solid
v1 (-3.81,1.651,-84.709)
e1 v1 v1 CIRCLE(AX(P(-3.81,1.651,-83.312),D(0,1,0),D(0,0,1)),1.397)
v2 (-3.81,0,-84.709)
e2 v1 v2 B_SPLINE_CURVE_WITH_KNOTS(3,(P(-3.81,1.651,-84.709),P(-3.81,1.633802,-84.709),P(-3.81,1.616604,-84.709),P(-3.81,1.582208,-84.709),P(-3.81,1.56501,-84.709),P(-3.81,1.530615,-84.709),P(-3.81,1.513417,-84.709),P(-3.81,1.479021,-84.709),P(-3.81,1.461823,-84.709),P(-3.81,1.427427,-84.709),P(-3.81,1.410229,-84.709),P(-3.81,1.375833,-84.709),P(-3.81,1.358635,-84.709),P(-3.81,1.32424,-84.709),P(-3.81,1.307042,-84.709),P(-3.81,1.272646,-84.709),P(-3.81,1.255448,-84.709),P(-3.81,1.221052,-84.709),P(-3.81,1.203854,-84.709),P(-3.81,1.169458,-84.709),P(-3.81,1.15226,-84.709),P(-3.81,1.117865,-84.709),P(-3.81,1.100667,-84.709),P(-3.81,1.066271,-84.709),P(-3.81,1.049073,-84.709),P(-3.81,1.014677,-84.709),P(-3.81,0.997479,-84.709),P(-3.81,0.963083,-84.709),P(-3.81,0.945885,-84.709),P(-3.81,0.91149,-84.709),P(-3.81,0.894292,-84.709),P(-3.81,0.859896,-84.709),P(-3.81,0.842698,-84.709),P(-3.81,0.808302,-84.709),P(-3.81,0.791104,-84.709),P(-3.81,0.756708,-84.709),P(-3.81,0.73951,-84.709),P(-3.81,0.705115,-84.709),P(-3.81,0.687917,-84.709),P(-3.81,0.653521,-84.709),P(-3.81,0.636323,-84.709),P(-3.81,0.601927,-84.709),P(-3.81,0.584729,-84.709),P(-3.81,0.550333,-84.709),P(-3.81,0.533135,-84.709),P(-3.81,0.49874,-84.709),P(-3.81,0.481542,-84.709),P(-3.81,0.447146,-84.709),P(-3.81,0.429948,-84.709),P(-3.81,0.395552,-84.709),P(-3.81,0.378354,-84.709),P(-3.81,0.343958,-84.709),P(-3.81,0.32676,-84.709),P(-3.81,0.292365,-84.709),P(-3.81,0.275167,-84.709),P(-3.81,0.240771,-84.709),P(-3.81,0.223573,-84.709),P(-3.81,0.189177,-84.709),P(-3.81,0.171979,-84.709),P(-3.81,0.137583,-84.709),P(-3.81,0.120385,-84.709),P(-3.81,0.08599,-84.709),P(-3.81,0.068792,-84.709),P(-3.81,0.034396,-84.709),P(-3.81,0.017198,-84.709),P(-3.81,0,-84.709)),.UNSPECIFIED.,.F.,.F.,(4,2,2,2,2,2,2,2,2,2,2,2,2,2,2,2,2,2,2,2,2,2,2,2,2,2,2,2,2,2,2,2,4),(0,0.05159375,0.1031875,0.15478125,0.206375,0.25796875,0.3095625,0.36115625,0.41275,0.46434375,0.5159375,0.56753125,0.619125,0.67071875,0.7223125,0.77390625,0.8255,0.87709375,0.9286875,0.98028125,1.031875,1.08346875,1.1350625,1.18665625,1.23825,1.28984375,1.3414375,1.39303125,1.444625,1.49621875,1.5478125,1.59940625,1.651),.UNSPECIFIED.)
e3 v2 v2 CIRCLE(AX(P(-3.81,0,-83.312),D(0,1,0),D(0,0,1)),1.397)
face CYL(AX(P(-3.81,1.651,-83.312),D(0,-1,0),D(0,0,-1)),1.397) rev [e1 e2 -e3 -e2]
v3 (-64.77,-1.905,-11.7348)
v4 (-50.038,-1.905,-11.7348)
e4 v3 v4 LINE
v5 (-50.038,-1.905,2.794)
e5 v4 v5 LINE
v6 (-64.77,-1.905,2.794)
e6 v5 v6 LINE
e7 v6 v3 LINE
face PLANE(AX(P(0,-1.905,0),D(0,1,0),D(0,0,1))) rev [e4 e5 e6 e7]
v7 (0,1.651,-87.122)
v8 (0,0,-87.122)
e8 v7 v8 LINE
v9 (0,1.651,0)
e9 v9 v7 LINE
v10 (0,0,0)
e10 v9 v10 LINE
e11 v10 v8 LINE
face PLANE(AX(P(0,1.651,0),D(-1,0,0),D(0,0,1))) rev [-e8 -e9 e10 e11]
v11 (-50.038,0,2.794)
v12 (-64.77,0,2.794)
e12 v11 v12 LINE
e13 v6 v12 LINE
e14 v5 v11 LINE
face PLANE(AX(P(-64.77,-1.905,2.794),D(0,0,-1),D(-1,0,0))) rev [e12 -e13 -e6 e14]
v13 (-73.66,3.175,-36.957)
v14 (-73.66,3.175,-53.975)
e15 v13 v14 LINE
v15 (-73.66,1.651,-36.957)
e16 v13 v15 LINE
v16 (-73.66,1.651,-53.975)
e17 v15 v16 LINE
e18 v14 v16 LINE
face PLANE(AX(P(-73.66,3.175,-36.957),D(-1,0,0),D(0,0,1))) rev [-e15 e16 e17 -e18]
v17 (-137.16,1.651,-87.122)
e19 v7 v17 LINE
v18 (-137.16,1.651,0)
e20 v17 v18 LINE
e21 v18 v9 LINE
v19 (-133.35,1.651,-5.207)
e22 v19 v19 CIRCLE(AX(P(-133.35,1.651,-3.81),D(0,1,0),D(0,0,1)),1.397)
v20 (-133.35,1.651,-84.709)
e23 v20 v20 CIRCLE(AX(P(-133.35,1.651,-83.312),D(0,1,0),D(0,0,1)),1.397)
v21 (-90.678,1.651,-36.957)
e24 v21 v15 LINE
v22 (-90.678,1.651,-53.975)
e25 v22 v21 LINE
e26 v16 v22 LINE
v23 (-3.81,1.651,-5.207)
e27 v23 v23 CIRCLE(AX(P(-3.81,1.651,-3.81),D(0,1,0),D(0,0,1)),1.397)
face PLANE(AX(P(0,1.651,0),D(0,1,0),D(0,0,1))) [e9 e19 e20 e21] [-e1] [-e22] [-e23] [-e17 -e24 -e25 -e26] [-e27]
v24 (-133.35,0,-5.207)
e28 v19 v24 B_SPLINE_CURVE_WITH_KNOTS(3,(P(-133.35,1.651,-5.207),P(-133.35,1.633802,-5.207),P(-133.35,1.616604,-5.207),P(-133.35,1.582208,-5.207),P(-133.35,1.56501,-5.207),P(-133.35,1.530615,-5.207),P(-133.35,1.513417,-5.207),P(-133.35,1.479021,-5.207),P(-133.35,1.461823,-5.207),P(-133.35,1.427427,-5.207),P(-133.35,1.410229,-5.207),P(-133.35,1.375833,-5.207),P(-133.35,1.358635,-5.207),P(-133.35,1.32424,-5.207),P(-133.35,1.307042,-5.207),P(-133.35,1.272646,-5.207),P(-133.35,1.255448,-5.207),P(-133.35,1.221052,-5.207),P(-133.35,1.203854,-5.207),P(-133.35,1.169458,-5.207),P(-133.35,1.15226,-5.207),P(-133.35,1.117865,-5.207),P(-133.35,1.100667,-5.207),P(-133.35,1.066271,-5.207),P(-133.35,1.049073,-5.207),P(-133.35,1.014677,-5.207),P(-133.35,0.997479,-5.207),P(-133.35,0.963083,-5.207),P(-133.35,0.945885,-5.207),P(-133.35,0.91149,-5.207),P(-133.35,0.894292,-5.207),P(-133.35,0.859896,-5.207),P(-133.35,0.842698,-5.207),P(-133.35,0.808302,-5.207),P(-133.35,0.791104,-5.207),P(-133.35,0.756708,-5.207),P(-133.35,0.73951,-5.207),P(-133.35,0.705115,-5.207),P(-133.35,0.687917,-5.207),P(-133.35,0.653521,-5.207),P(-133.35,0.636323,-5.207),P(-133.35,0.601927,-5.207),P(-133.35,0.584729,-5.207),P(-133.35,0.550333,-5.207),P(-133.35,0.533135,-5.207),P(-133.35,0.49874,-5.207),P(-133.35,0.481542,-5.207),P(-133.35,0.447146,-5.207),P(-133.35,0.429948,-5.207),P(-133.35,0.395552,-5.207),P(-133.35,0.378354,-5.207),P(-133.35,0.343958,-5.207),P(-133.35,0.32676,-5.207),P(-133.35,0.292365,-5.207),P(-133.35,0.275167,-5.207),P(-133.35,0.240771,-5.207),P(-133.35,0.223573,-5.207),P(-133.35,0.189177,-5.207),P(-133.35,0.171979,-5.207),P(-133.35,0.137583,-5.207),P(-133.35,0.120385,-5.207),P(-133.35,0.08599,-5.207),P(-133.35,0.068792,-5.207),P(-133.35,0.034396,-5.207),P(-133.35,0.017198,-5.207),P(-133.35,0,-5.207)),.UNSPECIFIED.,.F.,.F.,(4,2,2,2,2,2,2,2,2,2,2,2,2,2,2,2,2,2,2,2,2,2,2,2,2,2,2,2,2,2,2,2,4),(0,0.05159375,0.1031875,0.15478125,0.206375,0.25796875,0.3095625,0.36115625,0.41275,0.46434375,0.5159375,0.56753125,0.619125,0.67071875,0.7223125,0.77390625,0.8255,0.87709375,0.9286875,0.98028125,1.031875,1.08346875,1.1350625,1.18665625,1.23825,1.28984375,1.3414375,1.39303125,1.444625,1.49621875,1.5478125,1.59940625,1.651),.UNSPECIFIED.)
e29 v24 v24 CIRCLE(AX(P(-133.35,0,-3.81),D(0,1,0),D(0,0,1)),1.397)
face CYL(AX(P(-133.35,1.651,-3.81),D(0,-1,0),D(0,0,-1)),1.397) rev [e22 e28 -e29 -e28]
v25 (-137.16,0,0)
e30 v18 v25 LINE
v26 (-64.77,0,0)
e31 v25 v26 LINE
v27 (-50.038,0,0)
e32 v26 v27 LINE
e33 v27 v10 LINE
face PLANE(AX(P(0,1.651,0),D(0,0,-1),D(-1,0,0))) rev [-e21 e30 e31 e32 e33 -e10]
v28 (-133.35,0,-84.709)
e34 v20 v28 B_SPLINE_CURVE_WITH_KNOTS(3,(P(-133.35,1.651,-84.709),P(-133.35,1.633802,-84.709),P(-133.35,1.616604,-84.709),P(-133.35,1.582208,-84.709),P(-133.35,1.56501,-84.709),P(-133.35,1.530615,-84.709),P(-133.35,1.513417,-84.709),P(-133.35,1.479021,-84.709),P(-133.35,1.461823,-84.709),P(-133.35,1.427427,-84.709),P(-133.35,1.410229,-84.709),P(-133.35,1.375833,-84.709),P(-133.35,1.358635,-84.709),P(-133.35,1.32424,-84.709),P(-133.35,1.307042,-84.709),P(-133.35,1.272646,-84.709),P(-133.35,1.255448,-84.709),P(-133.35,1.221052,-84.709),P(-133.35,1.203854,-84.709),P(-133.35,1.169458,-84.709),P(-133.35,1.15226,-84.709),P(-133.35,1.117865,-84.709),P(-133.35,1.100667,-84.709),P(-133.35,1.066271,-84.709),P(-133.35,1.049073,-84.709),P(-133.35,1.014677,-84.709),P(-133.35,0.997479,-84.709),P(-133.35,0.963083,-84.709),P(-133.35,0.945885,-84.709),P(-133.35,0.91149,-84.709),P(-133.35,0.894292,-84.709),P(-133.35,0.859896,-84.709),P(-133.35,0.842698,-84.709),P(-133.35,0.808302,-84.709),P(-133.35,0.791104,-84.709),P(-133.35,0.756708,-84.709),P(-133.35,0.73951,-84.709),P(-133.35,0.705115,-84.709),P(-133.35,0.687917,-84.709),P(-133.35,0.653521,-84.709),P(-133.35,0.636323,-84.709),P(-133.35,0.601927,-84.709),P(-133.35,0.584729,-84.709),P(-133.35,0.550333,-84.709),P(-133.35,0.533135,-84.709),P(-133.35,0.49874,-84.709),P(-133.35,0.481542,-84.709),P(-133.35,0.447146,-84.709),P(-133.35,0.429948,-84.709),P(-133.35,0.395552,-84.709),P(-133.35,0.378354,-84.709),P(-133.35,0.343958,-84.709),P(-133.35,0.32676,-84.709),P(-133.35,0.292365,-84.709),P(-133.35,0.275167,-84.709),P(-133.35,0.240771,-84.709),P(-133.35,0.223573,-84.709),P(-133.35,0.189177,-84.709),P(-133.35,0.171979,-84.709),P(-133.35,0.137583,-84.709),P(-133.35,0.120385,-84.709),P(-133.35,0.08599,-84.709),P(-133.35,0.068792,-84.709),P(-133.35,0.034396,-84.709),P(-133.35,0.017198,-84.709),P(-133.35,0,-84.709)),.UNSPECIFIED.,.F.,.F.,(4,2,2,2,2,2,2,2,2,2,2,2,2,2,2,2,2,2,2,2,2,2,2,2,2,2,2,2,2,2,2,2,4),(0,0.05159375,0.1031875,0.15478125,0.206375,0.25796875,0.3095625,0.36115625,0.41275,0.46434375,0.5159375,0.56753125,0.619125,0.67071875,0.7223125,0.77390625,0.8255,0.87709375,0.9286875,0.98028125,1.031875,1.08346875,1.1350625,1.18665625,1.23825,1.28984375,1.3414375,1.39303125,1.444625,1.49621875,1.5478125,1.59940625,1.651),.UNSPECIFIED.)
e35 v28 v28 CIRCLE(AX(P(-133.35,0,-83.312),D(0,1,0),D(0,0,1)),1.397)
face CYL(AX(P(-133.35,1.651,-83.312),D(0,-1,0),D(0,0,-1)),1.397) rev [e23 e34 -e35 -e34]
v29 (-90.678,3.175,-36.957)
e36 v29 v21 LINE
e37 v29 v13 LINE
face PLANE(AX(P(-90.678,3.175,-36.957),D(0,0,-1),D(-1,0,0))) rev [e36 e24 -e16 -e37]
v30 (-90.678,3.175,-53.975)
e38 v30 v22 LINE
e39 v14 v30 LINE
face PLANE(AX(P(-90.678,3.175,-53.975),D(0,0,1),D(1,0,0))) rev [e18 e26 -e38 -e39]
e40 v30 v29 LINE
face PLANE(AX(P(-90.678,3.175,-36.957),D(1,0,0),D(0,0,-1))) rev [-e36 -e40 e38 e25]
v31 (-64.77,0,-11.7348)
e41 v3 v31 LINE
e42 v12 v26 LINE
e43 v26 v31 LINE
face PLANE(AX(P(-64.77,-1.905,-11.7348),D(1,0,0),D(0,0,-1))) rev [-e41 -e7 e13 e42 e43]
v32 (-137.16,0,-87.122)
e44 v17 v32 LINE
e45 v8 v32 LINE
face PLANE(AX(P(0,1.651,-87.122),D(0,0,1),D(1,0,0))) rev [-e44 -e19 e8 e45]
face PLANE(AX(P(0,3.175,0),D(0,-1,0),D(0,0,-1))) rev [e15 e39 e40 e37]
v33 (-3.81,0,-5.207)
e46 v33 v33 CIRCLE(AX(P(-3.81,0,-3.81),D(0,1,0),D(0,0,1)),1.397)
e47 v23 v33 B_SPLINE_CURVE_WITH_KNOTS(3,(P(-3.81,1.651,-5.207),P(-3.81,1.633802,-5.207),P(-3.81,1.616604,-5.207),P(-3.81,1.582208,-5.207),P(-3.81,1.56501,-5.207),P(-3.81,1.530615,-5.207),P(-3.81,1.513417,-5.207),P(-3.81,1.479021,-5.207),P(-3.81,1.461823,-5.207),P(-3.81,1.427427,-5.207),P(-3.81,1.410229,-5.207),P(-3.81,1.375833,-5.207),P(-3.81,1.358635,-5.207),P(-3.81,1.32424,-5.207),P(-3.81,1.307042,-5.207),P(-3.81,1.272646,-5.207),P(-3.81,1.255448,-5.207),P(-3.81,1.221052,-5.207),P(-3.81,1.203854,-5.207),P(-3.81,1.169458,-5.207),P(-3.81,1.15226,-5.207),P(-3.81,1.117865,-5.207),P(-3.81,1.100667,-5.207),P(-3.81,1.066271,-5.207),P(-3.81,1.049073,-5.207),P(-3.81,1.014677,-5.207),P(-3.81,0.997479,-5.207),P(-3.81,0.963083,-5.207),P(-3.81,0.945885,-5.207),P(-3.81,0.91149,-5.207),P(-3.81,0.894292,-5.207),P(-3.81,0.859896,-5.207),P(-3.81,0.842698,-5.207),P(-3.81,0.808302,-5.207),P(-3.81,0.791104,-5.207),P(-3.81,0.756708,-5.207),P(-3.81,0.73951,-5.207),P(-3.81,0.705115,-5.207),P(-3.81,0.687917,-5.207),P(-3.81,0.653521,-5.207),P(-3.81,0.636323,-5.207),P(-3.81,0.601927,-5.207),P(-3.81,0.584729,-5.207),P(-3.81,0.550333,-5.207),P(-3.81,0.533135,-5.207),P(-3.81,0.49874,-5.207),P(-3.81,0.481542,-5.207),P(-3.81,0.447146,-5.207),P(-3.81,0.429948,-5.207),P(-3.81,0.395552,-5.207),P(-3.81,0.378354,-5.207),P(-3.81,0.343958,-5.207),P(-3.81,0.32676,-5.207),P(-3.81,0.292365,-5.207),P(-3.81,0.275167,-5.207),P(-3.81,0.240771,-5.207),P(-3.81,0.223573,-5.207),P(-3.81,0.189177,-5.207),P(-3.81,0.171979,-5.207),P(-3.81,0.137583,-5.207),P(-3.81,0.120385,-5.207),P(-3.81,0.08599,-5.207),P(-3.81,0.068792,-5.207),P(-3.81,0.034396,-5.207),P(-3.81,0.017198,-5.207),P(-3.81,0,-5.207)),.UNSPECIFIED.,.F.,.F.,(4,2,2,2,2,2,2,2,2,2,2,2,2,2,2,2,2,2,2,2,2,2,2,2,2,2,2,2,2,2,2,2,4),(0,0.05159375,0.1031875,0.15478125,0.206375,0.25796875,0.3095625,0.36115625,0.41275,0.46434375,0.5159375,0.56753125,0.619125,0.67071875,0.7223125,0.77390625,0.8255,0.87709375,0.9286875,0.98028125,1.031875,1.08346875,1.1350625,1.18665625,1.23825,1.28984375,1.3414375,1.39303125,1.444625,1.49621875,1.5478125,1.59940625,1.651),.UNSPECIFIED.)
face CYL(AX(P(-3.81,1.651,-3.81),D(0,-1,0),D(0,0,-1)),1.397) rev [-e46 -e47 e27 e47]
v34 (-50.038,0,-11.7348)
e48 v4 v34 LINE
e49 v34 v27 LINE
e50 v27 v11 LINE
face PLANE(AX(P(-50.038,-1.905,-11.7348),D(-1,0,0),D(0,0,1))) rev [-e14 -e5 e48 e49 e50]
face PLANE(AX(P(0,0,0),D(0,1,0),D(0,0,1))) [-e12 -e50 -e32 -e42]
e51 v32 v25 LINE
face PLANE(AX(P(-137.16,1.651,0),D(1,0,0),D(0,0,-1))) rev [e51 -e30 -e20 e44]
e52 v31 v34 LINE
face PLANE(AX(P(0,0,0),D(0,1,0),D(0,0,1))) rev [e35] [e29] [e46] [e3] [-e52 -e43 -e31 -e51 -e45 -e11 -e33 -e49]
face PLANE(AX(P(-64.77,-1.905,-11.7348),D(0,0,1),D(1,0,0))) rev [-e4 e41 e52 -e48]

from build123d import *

# Parameters (mm, degrees)
SKETCH1_W           = 137.16
SKETCH1_H           = 87.122
SKETCH1_R           = 1.397
BOSS_EXTRUDE1_DEPTH = 1.651
SKETCH2_W           = 14.732
SKETCH2_H           = 14.5288
BOSS_EXTRUDE2_DEPTH = 1.905
SKETCH3_W           = 17.018
SKETCH3_H           = 17.018
BOSS_EXTRUDE3_DEPTH = 1.524


with BuildPart() as part:
    # Sketch1 → Boss-Extrude1 (new body)
    with BuildSketch(Plane(origin=(0, 0, 0), x_dir=(1, 0, 0), z_dir=(0, 1, 0))):
        with Locations((-68.58, 43.561)):
            Rectangle(SKETCH1_W, SKETCH1_H)
        with Locations(Location((-133.35, 83.312, 0), (0, 0, 90))):
            Circle(SKETCH1_R, mode=Mode.SUBTRACT)
        with Locations(Location((-3.81, 3.81, 0), (0, 0, 90))):
            Circle(SKETCH1_R, mode=Mode.SUBTRACT)
        with Locations(Location((-3.81, 83.312, 0), (0, 0, 90))):
            Circle(SKETCH1_R, mode=Mode.SUBTRACT)
        with Locations(Location((-133.35, 3.81, 0), (0, 0, 90))):
            Circle(SKETCH1_R, mode=Mode.SUBTRACT)
    extrude(amount=BOSS_EXTRUDE1_DEPTH)

    # Sketch2 → Boss-Extrude2 (add)
    with BuildSketch(Plane.XZ):
        with Locations((-57.404, -4.4704)):
            Rectangle(SKETCH2_W, SKETCH2_H)
    extrude(amount=BOSS_EXTRUDE2_DEPTH)

    # Sketch3 → Boss-Extrude3 (add)
    with BuildSketch(Plane(origin=(0, 1.651, 0), x_dir=(1, 0, 0), z_dir=(0, 1, 0))):
        with Locations((-82.169, 45.466)):
            Rectangle(SKETCH3_W, SKETCH3_H)
    extrude(amount=BOSS_EXTRUDE3_DEPTH)


solid = part.part
